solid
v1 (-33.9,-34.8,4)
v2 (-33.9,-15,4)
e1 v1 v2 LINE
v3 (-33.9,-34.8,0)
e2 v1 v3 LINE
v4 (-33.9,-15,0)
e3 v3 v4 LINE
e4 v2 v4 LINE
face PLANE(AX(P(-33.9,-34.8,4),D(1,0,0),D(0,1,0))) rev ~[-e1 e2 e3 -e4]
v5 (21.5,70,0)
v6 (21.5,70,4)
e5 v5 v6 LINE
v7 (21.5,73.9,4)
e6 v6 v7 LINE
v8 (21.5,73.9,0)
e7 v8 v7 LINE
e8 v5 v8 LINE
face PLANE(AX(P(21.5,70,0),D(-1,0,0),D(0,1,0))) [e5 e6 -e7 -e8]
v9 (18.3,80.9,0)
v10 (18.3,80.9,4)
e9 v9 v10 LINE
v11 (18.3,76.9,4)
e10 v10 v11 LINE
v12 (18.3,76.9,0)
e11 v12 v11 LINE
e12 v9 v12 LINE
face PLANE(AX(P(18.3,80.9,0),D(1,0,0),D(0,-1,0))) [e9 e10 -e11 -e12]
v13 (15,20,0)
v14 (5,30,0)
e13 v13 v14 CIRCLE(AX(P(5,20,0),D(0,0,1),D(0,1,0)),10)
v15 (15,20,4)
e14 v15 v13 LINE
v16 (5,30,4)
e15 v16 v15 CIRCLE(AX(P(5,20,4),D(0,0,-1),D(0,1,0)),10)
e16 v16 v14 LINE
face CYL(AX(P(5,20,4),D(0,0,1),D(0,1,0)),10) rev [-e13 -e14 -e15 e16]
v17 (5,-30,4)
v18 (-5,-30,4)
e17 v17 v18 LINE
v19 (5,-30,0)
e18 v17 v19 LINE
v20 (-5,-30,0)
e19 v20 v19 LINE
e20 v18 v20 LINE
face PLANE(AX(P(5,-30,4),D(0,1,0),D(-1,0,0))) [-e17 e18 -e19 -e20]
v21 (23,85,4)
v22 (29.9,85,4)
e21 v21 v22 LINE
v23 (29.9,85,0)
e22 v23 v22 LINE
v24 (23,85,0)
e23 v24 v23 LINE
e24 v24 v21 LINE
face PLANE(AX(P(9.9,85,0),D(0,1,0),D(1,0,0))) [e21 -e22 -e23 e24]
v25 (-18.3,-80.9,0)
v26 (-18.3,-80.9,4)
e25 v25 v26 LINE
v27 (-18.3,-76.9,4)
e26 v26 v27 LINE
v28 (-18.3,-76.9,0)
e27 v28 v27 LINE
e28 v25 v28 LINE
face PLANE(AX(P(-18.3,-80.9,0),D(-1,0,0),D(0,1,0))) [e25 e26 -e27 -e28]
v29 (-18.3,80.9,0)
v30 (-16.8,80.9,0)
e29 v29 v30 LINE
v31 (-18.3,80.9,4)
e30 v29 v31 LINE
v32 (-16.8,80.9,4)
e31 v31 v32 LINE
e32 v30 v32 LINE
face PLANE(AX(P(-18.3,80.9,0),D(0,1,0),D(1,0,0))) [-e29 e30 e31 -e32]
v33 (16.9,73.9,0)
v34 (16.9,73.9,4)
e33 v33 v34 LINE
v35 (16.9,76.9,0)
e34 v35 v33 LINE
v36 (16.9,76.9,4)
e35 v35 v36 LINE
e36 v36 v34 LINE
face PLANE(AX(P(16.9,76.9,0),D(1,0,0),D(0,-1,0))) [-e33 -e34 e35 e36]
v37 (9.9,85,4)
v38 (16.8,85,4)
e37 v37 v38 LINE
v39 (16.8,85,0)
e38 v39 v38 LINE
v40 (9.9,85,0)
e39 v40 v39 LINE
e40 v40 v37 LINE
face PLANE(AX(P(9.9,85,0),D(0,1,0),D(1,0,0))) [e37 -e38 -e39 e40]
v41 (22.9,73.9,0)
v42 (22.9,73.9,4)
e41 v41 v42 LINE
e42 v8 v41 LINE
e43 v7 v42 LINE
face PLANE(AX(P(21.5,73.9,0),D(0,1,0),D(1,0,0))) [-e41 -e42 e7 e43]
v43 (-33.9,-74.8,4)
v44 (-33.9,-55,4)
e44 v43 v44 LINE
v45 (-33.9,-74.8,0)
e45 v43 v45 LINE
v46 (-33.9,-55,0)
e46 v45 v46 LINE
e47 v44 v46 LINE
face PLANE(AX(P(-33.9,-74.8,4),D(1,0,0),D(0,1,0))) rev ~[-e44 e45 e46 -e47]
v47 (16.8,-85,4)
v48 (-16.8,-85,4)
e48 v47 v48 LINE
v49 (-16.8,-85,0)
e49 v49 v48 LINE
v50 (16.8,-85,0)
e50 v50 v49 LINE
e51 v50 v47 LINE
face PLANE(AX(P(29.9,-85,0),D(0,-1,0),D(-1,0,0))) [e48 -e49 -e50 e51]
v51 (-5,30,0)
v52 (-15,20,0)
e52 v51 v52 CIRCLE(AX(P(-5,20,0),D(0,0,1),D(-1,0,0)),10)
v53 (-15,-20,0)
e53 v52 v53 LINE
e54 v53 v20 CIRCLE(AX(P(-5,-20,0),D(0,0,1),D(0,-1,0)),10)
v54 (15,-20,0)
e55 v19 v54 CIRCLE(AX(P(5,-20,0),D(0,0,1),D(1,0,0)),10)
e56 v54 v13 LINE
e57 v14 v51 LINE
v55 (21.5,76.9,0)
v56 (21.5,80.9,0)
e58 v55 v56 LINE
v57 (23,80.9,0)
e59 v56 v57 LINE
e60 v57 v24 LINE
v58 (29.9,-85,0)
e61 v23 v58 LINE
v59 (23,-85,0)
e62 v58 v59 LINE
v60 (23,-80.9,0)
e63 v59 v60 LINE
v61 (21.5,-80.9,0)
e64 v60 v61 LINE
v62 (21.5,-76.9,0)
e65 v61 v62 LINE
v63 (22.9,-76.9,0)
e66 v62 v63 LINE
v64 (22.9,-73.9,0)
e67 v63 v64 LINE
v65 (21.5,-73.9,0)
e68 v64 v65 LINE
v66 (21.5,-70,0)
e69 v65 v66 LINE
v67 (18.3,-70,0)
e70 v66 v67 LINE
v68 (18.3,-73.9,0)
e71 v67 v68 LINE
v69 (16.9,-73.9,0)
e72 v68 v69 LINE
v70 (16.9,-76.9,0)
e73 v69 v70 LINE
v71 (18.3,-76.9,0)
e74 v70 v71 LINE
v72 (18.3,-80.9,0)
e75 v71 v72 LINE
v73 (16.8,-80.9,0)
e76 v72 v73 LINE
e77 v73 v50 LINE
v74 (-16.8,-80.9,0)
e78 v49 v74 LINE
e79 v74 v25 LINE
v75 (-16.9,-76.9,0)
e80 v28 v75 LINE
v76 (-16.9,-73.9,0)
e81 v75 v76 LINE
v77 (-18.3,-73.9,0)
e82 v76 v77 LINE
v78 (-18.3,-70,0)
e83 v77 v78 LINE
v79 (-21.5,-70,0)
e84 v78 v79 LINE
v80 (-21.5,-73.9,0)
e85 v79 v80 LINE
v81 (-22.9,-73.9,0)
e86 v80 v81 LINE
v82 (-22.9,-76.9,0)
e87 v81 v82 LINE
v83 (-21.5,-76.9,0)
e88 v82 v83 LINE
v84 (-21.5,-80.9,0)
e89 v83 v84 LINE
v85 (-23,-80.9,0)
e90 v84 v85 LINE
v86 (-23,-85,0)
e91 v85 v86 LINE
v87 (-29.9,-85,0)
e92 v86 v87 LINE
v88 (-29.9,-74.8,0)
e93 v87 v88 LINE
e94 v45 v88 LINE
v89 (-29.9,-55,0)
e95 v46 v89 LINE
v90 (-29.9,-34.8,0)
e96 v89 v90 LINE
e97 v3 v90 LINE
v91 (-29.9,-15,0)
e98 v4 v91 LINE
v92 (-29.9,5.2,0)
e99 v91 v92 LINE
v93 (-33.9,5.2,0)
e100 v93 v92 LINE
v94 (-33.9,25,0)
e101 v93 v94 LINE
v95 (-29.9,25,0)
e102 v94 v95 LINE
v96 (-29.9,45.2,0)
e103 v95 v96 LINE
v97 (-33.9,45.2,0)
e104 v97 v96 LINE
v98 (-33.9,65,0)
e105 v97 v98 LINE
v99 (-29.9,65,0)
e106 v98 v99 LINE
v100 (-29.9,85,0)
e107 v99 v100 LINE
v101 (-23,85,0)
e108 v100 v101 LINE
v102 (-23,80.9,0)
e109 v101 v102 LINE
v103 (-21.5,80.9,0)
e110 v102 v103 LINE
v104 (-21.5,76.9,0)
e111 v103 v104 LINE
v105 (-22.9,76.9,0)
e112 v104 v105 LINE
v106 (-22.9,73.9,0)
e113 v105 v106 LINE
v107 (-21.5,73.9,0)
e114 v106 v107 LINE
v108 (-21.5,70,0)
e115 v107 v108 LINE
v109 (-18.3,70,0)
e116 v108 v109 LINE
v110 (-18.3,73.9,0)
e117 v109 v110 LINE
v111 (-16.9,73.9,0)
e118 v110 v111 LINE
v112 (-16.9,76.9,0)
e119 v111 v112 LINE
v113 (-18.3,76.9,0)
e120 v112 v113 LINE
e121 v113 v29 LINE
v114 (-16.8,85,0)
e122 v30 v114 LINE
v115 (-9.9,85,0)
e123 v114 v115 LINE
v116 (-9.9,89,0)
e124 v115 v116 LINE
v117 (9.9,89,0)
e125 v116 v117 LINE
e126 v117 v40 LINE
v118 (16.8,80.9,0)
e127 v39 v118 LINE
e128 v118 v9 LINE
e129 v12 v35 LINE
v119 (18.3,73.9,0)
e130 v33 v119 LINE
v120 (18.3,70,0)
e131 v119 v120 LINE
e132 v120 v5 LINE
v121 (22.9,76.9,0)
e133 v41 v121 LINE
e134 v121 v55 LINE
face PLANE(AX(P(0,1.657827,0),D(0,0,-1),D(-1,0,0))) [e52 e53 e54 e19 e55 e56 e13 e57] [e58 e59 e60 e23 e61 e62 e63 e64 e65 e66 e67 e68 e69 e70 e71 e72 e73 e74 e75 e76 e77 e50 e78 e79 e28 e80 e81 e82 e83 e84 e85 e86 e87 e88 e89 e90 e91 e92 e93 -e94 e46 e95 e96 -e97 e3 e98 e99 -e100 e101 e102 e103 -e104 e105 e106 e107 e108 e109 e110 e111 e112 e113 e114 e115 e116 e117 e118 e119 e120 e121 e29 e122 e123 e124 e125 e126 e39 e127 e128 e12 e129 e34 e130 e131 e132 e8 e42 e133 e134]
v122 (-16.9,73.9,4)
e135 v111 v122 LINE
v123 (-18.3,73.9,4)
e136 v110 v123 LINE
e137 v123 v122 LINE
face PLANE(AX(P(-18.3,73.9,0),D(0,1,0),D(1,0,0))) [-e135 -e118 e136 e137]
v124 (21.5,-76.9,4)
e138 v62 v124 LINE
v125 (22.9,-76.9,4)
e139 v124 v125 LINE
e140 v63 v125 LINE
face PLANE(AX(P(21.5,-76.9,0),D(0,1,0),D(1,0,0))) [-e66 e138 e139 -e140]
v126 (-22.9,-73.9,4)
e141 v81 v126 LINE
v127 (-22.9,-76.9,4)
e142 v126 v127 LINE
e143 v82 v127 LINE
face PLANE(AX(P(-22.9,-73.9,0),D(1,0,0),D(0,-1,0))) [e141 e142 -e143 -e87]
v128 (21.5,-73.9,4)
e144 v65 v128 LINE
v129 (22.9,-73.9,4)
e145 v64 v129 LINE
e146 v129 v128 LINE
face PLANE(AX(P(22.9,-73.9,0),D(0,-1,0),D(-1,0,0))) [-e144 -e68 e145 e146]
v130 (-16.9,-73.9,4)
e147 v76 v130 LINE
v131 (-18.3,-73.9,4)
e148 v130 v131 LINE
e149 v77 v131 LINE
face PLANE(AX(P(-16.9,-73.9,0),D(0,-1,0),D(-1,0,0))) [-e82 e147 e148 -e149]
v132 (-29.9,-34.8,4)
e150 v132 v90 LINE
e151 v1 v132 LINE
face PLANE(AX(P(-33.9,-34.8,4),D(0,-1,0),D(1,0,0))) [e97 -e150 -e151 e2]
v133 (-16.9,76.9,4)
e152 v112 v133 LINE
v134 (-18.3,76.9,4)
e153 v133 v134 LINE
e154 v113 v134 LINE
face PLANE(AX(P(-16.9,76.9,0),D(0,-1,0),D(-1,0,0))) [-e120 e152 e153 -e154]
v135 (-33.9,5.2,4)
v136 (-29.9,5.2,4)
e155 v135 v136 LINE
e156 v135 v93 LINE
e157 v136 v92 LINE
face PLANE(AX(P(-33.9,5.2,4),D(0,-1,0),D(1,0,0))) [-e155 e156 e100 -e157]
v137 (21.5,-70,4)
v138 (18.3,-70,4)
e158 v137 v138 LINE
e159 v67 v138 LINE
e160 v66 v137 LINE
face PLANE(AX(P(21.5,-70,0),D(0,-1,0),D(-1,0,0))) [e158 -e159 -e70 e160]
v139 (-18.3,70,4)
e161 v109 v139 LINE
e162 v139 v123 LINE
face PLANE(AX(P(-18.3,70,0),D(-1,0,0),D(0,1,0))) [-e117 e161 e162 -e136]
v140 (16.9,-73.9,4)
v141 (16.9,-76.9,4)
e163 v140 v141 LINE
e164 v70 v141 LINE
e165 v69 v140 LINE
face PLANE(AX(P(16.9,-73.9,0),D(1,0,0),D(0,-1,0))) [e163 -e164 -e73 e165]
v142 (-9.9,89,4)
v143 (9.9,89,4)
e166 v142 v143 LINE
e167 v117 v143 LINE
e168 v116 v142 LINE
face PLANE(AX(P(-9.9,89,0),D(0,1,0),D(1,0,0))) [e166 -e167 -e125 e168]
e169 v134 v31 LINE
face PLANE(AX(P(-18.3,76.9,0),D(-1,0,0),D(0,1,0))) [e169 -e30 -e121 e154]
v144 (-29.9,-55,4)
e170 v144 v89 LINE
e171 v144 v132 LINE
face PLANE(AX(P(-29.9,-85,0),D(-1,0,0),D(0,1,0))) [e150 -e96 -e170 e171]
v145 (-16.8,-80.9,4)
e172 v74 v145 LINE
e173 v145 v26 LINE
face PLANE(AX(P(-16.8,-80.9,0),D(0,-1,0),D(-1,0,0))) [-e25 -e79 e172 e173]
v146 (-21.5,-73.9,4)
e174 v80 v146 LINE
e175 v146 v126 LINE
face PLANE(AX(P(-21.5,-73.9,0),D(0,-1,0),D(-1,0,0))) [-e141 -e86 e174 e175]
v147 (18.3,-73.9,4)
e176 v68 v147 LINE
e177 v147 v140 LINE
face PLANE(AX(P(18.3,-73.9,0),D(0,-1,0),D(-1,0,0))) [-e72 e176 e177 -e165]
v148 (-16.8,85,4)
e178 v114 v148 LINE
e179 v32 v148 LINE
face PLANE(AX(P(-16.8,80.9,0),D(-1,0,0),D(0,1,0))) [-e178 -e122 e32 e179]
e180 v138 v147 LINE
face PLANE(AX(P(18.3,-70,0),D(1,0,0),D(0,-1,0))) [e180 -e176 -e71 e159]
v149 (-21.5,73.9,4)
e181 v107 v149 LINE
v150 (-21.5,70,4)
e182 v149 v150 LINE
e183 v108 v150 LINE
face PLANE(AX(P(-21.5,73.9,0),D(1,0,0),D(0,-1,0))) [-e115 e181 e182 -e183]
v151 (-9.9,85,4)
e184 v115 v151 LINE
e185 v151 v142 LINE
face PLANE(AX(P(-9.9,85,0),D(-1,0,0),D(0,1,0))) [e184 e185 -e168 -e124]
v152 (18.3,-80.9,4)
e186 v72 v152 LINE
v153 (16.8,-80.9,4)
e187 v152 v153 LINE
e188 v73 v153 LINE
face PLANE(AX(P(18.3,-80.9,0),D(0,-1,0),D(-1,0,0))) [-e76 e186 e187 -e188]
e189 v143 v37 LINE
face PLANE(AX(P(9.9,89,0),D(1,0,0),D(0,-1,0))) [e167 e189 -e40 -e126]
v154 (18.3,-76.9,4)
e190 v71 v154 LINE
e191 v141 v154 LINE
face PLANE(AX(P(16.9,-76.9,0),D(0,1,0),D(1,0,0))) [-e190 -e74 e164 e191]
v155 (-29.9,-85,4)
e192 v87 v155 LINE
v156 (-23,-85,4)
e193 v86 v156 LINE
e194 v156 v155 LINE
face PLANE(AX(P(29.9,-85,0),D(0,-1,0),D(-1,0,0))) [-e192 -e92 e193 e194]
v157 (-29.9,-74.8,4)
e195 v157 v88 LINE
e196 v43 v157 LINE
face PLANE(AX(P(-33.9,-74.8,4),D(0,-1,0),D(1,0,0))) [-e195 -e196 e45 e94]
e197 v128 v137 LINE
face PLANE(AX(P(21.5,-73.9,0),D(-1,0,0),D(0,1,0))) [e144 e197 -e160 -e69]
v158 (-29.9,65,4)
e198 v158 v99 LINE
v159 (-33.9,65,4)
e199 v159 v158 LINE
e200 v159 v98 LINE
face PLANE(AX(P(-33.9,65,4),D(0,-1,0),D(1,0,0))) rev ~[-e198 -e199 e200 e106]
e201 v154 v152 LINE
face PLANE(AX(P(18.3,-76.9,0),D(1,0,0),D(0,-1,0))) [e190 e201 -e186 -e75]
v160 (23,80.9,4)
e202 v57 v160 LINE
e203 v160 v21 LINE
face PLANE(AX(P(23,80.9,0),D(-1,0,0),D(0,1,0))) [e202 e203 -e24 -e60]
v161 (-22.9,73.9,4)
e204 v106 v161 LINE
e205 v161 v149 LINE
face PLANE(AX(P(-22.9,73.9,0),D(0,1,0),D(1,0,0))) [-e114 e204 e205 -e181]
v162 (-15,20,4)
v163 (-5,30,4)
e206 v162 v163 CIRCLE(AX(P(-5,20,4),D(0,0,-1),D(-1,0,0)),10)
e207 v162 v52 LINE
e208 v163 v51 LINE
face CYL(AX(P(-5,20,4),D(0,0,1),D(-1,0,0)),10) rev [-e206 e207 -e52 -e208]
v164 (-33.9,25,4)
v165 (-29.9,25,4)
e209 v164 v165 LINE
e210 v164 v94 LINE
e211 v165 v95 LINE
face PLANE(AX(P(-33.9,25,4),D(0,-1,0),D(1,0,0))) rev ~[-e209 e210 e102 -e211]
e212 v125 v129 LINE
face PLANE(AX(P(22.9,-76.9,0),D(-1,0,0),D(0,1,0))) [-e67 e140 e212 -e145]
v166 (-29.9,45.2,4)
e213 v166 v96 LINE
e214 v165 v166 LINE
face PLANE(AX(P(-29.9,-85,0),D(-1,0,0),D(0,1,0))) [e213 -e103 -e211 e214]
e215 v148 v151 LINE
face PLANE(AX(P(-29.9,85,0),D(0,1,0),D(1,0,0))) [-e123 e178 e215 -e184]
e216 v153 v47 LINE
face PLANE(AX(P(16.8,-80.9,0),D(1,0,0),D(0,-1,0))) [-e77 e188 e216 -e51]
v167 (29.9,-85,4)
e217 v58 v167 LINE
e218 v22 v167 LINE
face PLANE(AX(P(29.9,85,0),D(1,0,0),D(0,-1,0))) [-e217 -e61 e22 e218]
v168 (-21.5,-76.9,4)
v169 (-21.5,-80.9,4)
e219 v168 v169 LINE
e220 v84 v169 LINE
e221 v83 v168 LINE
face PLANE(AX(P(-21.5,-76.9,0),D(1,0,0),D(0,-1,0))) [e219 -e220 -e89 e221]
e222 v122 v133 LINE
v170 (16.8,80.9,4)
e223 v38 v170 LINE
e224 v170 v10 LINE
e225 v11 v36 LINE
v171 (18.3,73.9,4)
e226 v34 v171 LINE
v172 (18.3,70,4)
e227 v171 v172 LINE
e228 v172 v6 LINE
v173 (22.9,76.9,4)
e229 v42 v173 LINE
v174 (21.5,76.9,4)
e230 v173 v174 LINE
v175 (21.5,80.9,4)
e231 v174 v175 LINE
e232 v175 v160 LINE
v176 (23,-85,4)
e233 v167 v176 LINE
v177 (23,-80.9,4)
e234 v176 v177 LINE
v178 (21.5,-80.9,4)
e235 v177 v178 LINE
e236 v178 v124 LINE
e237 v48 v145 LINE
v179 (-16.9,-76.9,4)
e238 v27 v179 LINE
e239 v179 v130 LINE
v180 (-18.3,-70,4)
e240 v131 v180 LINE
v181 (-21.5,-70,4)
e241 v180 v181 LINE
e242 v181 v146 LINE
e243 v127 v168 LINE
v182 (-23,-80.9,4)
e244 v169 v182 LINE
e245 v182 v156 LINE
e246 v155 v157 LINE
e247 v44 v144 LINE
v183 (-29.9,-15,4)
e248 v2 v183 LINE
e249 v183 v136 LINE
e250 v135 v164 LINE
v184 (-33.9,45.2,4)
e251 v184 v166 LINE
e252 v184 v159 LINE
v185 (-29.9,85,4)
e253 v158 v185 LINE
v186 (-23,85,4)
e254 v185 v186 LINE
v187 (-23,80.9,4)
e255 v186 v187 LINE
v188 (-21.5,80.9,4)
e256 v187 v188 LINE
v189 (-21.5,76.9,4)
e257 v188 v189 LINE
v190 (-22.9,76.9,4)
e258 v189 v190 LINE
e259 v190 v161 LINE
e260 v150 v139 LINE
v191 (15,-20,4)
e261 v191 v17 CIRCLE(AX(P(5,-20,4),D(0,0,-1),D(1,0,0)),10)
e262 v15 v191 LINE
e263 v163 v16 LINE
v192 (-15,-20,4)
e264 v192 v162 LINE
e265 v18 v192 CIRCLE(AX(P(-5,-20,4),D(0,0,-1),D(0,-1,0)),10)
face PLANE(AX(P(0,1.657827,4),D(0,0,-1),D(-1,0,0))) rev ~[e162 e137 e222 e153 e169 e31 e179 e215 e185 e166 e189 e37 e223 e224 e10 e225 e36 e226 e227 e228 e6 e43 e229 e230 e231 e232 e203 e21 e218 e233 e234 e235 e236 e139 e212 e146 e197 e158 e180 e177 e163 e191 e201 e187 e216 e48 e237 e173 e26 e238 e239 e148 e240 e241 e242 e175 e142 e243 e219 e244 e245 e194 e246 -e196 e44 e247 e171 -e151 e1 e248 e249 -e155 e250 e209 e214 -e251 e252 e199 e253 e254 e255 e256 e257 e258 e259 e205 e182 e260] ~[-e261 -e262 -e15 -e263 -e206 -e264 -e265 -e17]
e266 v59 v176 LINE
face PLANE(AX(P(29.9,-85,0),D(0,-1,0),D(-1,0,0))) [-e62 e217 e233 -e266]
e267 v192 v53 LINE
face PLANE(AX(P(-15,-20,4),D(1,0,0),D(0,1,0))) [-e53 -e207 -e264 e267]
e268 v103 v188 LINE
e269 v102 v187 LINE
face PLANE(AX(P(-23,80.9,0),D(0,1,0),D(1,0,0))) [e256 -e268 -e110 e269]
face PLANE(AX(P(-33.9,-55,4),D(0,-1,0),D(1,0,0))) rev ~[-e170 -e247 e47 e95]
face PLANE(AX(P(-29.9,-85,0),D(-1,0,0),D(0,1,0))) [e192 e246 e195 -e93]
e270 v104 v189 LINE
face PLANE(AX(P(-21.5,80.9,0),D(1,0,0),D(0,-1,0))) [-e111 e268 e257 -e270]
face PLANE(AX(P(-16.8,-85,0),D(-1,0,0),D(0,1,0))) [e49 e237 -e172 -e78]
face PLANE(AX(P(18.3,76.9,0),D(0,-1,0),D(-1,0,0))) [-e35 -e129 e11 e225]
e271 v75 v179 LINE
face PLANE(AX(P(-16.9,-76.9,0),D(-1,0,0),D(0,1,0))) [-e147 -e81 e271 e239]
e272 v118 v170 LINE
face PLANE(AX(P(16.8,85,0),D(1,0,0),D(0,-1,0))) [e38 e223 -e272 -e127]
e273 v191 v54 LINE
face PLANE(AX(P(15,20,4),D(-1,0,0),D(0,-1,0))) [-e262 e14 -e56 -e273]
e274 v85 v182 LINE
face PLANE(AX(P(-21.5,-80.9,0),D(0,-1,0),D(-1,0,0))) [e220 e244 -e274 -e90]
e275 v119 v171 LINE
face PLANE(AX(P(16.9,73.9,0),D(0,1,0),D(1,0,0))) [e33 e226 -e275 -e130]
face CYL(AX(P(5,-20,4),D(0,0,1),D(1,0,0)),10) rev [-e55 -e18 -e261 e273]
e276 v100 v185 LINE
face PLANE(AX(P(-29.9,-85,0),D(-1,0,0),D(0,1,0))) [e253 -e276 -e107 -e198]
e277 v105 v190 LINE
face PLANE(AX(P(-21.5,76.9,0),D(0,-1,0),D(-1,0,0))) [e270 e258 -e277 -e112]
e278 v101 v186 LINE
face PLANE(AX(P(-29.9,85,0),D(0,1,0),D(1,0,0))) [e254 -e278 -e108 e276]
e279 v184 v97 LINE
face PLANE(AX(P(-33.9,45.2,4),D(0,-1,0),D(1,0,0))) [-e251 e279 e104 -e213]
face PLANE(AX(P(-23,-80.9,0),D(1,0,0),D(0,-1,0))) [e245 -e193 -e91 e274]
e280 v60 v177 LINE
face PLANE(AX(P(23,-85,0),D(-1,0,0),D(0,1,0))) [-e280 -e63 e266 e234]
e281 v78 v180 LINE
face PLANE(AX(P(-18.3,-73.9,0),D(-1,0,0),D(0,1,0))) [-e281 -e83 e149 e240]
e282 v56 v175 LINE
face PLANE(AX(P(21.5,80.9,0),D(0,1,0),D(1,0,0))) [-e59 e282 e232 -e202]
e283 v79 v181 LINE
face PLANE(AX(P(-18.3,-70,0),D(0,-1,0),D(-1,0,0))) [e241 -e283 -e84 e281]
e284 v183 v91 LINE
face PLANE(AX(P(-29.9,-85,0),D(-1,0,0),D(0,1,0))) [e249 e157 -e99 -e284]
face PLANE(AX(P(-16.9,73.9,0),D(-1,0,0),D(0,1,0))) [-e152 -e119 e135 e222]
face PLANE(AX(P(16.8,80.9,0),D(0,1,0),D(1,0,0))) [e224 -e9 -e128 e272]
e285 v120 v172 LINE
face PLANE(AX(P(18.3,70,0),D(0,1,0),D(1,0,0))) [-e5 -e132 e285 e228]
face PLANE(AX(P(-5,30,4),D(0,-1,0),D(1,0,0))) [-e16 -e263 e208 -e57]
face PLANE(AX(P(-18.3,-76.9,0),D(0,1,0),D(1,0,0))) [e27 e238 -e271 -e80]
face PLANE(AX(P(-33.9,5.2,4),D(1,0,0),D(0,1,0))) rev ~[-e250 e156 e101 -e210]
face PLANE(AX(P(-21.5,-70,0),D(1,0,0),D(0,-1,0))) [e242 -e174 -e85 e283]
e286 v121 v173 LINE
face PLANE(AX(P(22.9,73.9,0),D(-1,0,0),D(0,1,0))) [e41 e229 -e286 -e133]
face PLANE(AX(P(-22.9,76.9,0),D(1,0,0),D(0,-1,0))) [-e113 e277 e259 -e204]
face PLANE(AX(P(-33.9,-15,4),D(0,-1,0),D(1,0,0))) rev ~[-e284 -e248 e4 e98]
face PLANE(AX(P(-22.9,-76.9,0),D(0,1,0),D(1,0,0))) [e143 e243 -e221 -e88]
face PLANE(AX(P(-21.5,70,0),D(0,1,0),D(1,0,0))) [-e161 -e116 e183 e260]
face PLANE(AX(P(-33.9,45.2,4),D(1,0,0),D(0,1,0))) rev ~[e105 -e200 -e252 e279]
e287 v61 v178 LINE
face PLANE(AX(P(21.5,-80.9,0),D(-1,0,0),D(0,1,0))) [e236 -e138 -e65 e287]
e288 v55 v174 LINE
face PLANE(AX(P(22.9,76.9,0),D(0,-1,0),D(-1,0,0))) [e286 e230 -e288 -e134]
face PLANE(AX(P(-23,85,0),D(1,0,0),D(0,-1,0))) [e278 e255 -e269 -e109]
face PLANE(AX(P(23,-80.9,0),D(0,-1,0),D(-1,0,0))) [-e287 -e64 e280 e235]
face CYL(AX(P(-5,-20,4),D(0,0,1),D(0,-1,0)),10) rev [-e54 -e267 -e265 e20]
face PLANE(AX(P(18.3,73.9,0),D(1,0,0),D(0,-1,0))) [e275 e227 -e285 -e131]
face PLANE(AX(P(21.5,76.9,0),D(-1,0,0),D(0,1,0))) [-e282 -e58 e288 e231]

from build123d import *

# Parameters (mm, degrees)
BOSS_EXTRUDE1_DEPTH = 4
CUT_EXTRUDE1_DEPTH  = 94.973453698
SKETCH5_W           = 4
SKETCH5_H           = 19.8
BOSS_EXTRUDE2_DEPTH = 4
CUT_EXTRUDE2_DEPTH  = 96.321613499


with BuildPart() as part:
    # Sketch1 → Boss-Extrude1 (new body)
    with BuildSketch(Plane.XY):
        Polygon((-9.9, 85), (-9.9, 89), (9.9, 89), (9.9, 85), (29.9, 85), (29.9, -85), (-29.9, -85), (-29.9, 85), align=None)
    extrude(amount=BOSS_EXTRUDE1_DEPTH)

    # Sketch3 → Cut-Extrude1 (cut, through all)
    with BuildSketch(Plane(origin=(0, 0, 0), x_dir=(-1, 0, 0), z_dir=(0, 0, -1))):
        Polygon((23, 85), (23, 80.9), (21.5, 80.9), (21.5, 76.9), (22.9, 76.9), (22.9, 73.9), (21.5, 73.9), (21.5, 70), (18.3, 70), (18.3, 73.9), (16.9, 73.9), (16.9, 76.9), (18.3, 76.9), (18.3, 80.9), (16.8, 80.9), (16.8, 85), align=None)
        Polygon((-16.8, 85), (-16.8, 80.9), (-18.3, 80.9), (-18.3, 76.9), (-16.9, 76.9), (-16.9, 73.9), (-18.3, 73.9), (-18.3, 70), (-21.5, 70), (-21.5, 73.9), (-22.9, 73.9), (-22.9, 76.9), (-21.5, 76.9), (-21.5, 80.9), (-23, 80.9), (-23, 85), align=None)
        Polygon((-23, -85), (-23, -80.9), (-21.5, -80.9), (-21.5, -76.9), (-22.9, -76.9), (-22.9, -73.9), (-21.5, -73.9), (-21.5, -70), (-18.3, -70), (-18.3, -73.9), (-16.9, -73.9), (-16.9, -76.9), (-18.3, -76.9), (-18.3, -80.9), (-16.8, -80.9), (-16.8, -85), align=None)
        Polygon((16.8, -85), (16.8, -80.9), (18.3, -80.9), (18.3, -76.9), (16.9, -76.9), (16.9, -73.9), (18.3, -73.9), (18.3, -70), (21.5, -70), (21.5, -73.9), (22.9, -73.9), (22.9, -76.9), (21.5, -76.9), (21.5, -80.9), (23, -80.9), (23, -85), align=None)
    extrude(amount=-CUT_EXTRUDE1_DEPTH, mode=Mode.SUBTRACT)

    # Sketch5 → Boss-Extrude2 (add)
    with BuildSketch(Plane.XY.offset(4)):
        with Locations((-31.9, 55.1)):
            Rectangle(SKETCH5_W, SKETCH5_H)
        with Locations((-31.9, 15.1)):
            Rectangle(SKETCH5_W, SKETCH5_H)
        with Locations((-31.9, -24.9)):
            Rectangle(SKETCH5_W, SKETCH5_H)
        with Locations((-31.9, -64.9)):
            Rectangle(SKETCH5_W, SKETCH5_H)
    extrude(amount=-BOSS_EXTRUDE2_DEPTH)

    # Sketch6 → Cut-Extrude2 (cut, through all)
    with BuildSketch(Plane.XY.offset(4)):
        with BuildLine():
            Line((-5, 30), (5, 30))
            ThreePointArc((5, 30), (12.071067812, 27.071067812), (15, 20))
            Line((15, 20), (15, -20))
            ThreePointArc((15, -20), (12.071067812, -27.071067812), (5, -30))
            Line((5, -30), (-5, -30))
            ThreePointArc((-5, -30), (-12.071067812, -27.071067812), (-15, -20))
            Line((-15, -20), (-15, 20))
            ThreePointArc((-15, 20), (-12.071067812, 27.071067812), (-5, 30))
        make_face()
    extrude(amount=-CUT_EXTRUDE2_DEPTH, mode=Mode.SUBTRACT)


solid = part.part
